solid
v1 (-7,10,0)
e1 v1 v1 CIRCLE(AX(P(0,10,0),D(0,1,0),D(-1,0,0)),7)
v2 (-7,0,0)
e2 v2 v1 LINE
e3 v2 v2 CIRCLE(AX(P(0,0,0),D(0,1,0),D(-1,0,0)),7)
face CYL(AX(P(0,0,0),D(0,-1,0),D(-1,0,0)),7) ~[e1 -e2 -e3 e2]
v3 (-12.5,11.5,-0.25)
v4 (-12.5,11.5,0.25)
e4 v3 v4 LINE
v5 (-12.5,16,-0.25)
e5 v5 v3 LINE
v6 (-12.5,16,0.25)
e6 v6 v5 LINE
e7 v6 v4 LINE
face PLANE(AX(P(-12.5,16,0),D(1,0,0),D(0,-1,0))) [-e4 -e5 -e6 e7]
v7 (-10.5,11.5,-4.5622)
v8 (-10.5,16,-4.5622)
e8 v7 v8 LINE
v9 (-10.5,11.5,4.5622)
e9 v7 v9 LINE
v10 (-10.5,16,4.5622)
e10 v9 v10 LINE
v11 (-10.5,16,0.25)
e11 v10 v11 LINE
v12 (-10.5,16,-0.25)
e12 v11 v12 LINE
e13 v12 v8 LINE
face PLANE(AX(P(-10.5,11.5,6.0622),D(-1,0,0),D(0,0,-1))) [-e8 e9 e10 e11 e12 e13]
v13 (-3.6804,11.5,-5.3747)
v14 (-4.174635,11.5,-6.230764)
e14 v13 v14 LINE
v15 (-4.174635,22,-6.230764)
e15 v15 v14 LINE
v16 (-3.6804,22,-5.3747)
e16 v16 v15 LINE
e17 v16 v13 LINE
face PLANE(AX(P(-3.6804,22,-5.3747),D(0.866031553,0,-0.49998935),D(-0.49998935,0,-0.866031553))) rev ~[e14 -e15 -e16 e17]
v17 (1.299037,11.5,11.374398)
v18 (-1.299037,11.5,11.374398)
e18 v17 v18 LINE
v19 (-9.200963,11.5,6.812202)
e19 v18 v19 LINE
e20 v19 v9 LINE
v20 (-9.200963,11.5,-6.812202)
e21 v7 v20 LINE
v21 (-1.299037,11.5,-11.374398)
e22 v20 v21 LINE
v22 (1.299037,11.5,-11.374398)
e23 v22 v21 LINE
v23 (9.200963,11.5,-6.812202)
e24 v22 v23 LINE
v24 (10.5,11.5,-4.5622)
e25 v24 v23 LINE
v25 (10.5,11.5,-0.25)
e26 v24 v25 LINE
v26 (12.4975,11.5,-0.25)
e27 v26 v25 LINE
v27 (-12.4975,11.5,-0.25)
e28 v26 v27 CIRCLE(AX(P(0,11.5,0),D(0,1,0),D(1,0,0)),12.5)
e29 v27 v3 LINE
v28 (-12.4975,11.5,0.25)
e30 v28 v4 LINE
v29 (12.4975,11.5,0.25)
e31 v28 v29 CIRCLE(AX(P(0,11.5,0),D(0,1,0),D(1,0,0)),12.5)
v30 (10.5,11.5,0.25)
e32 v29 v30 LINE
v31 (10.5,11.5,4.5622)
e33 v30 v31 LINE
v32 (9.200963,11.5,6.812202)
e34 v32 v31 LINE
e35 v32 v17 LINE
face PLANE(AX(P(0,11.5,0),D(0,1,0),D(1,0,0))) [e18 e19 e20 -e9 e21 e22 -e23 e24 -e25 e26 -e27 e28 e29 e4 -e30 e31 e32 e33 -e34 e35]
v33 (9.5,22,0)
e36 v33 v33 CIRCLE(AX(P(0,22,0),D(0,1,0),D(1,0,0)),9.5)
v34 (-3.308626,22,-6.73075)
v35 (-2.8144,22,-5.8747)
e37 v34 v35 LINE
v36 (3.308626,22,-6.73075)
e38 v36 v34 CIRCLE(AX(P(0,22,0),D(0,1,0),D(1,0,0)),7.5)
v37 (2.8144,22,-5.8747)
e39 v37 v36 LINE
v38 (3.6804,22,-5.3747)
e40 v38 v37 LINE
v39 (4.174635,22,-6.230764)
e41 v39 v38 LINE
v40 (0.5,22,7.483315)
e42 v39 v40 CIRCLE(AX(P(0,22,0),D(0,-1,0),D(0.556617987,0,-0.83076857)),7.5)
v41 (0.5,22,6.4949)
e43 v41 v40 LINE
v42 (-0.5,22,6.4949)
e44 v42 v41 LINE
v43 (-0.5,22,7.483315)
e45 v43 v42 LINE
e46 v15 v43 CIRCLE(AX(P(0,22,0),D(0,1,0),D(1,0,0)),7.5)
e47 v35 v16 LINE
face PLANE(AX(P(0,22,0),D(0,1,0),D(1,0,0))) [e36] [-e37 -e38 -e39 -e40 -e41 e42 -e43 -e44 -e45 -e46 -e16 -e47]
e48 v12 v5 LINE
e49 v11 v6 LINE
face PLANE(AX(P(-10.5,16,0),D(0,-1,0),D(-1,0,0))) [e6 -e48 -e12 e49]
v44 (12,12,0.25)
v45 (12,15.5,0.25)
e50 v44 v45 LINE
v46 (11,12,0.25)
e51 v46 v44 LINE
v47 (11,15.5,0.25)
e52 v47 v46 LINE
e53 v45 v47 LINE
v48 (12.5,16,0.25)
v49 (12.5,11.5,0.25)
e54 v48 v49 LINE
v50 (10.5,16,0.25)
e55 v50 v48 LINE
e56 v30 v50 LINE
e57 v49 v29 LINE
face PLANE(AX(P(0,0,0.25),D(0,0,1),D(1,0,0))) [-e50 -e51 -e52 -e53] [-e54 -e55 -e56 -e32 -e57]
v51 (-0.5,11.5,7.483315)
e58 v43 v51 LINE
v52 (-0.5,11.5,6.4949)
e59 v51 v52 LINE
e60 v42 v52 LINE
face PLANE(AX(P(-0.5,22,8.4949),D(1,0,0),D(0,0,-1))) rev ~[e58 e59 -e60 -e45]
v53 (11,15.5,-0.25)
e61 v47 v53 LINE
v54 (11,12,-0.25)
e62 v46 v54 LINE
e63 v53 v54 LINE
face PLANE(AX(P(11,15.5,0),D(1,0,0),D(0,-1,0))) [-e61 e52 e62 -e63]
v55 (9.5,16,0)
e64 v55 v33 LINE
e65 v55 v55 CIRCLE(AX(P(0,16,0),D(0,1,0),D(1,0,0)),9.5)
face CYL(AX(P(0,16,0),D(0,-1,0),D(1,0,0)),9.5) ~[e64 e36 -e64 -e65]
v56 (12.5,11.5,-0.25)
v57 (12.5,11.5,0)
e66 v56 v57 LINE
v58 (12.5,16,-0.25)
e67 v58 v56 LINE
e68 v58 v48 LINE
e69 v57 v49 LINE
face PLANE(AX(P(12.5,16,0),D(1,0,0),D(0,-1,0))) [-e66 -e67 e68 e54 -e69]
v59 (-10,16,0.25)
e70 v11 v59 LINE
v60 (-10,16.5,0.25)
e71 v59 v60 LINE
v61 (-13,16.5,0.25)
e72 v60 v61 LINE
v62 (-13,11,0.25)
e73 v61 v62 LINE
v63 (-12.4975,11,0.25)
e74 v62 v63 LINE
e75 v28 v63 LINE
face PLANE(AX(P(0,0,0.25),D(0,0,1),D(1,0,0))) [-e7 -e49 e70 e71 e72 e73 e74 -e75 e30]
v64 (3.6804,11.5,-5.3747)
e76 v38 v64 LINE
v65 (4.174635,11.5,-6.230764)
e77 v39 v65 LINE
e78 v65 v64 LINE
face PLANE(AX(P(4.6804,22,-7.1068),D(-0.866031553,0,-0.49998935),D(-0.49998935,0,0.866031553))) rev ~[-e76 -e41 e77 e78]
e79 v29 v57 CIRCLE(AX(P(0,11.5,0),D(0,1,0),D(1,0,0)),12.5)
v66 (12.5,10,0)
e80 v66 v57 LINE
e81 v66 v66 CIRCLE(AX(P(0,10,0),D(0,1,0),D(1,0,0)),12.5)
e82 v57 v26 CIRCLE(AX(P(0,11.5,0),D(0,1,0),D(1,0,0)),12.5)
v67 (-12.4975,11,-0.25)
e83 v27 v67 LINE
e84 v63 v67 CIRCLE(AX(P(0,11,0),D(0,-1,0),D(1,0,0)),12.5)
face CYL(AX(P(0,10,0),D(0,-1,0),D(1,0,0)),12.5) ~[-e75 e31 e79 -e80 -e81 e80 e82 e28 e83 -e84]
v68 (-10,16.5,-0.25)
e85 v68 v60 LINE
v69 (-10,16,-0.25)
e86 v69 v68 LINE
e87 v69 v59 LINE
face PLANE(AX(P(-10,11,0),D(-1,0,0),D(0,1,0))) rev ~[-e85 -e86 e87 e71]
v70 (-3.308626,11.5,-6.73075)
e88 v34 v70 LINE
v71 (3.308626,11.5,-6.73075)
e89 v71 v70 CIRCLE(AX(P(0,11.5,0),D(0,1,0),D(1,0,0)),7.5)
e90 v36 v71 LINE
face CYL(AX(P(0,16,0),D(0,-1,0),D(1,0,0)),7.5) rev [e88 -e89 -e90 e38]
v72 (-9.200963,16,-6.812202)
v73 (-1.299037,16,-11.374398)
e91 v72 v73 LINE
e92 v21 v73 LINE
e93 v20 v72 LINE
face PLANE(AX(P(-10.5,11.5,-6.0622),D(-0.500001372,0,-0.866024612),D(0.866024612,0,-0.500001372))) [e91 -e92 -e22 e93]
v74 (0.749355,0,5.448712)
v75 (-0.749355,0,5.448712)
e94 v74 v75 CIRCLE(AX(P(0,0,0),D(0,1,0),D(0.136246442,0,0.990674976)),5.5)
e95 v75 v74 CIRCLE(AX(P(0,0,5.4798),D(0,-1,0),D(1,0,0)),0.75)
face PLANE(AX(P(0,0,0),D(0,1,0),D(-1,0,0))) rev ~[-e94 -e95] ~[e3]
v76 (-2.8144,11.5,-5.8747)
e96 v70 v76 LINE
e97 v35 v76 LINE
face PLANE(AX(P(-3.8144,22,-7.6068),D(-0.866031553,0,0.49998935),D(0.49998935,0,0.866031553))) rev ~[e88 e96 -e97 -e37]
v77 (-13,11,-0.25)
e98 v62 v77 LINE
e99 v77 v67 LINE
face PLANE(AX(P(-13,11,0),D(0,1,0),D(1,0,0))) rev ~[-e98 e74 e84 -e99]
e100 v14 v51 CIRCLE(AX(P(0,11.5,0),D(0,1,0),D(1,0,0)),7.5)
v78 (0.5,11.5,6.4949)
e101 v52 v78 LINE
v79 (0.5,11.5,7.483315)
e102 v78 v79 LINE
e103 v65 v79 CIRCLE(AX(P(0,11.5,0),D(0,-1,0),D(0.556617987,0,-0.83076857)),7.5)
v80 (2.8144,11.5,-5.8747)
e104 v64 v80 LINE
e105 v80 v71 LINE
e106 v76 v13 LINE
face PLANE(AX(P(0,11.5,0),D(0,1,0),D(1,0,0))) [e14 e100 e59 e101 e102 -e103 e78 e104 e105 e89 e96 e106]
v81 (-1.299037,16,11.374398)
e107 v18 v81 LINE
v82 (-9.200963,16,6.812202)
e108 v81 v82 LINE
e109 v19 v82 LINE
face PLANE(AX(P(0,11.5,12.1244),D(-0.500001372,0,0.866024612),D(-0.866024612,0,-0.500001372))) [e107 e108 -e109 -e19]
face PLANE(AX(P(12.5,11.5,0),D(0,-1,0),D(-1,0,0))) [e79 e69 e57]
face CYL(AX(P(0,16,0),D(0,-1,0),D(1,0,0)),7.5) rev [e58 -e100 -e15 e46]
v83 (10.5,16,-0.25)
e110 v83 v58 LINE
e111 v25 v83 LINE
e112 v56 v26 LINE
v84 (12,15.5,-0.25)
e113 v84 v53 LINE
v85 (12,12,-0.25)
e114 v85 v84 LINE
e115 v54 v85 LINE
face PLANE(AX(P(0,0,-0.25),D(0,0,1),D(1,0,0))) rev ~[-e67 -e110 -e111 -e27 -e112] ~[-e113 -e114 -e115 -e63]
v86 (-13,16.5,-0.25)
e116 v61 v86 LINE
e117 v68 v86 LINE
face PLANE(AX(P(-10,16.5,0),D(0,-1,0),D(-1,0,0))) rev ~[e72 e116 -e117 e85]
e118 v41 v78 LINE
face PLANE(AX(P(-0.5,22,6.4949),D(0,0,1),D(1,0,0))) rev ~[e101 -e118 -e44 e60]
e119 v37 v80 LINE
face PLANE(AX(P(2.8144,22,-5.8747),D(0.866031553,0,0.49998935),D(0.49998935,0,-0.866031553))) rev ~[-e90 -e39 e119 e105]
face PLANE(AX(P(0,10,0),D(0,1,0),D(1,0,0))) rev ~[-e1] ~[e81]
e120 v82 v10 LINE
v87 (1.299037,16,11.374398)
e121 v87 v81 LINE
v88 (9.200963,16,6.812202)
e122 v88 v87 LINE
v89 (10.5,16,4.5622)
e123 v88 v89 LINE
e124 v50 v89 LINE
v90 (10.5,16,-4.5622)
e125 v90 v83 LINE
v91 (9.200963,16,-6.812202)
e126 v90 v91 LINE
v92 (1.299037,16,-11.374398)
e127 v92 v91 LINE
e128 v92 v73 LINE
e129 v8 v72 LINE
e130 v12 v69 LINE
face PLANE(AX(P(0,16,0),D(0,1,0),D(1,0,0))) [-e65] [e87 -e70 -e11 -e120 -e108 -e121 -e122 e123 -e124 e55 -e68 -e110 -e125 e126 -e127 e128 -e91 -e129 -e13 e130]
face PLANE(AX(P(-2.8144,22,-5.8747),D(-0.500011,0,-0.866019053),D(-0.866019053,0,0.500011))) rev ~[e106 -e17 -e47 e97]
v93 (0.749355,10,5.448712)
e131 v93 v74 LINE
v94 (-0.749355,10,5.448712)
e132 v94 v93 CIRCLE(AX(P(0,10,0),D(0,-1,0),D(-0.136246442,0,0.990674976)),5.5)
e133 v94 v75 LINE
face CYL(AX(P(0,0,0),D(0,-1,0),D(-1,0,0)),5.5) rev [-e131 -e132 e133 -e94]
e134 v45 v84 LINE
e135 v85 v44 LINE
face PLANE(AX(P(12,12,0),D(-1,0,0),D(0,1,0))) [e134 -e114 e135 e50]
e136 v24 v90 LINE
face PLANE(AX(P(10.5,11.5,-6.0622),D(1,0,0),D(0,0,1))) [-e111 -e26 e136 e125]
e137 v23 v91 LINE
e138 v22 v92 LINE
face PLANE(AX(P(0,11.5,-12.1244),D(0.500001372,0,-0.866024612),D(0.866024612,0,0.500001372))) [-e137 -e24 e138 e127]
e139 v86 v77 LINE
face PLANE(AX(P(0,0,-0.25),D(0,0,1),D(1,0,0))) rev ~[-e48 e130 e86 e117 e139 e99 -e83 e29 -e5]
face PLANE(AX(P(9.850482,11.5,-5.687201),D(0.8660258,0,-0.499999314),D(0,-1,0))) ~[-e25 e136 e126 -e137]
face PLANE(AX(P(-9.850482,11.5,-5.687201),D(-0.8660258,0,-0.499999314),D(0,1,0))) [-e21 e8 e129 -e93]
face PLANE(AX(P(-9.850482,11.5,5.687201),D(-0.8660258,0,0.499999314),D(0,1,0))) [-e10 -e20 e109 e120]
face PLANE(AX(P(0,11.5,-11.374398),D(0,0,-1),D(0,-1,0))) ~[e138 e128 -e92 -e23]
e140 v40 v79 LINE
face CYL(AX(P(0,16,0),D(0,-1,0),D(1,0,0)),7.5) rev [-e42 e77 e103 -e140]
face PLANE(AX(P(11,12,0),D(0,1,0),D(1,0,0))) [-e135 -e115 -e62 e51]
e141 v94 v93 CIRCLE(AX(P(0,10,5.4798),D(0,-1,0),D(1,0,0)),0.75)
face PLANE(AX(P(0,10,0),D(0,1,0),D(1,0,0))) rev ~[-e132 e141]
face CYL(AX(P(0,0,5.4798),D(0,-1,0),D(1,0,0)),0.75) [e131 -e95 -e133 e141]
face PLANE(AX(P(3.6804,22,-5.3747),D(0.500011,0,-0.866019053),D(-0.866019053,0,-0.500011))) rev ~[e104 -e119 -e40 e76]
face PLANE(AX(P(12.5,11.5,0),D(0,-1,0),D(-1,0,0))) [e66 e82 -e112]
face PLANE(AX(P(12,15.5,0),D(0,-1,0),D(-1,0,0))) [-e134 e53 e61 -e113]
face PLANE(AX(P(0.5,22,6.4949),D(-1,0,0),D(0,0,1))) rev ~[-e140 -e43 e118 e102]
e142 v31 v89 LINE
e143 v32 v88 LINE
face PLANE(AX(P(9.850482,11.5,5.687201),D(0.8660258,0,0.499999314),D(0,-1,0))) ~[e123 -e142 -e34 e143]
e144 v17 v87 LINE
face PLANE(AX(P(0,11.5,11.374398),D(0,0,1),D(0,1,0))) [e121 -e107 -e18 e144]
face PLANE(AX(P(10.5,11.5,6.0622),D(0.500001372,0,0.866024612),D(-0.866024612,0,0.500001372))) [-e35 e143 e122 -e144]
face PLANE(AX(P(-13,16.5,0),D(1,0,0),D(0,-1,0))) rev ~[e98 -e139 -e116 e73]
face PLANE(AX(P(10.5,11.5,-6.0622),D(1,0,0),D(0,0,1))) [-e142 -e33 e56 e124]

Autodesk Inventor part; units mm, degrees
ref_plane "YZ Plane" through (0, 0, 0) normal (1, 0, 0) x (0, 1, 0)
ref_plane "XZ Plane" through (0, 0, 0) normal (0, 1, 0) x (-1, 0, 0)
ref_plane "XY Plane" through (0, 0, 0) normal (0, 0, 1) x (1, 0, 0)
sketch "Sketch1" plane through (0, 0, 0) normal (0, 1, 0) x (-1, 0, 0)
  circle A0 centre (0, 0) radius 5.5
  circle A1 centre (0, 0) radius 7
  dimension "d0" = 11
  dimension "d1" = 14
extrude "Extrusion1" add sketch "Sketch1" along normal blind 10
thread "Thread1" size "M14x1" class "6g" standard "ANSI Metric M Profile" full length
sketch "Sketch2" plane through (0, 0, 0) normal (0, -1, 0) x (1, 0, 0)
  circle A0 centre (0, 5.4798) radius 0.75
  point P0 (0, 0)
  dimension "d6" = 1.5
extrude "Extrusion2" add sketch "Sketch2" against normal blind 10
sketch "Sketch3" plane through (0, 10, 0) normal (0, 1, 0) x (1, 0, 0)
  circle A0 centre (0, 0) radius 5.5
  circle A1 centre (0, 0) radius 12.5
  dimension "d9" = 11
  dimension "d10" = 25
extrude "Extrusion3" add sketch "Sketch3" along normal blind 1.5 contours A0 | A1
sketch "Sketch4" plane through (0, 11.5, 0) normal (0, 1, 0) x (1, 0, 0)
  line L0 (10.5, -6.0622) -> (0, -12.1244)
  line L1 (0, -12.1244) -> (-10.5, -6.0622)
  line L2 (-10.5, -6.0622) -> (-10.5, 6.0622)
  line L3 (-10.5, 6.0622) -> (0, 12.1244)
  line L4 (0, 12.1244) -> (10.5, 6.0622)
  line L5 (10.5, 6.0622) -> (10.5, -6.0622)
  circle A0 centre (0, 0) radius 7.5
  dimension "d14" = 15
extrude "Extrusion4" add sketch "Sketch4" along normal blind 4.5
sketch "Sketch5" plane through (0, 16, 0) normal (0, 1, 0) x (1, 0, 0)
  circle A0 centre (0, 0) radius 7.5
  circle A1 centre (0, 0) radius 9.5
  dimension "d17" = 15
  dimension "d18" = 19
extrude "Extrusion5" add sketch "Sketch5" along normal blind 6
thread "Thread2" size "M20x1.5" class "6g" standard "ANSI Metric M Profile" full length
sketch "Sketch6" plane through (0, 22, 0) normal (0, 1, 0) x (1, 0, 0)
  line L0 (0.5, -8.4949) -> (-0.5, -8.4949)
  line L1 (-0.5, -8.4949) -> (-0.5, -6.4949)
  line L2 (-0.5, -6.4949) -> (0.5, -6.4949)
  line L3 (0.5, -6.4949) -> (0.5, -8.4949)
  line L4 (0.5, -8.4949) -> (-0.5, -6.4949) construction
  line L5 (-0.5, -8.4949) -> (0.5, -6.4949) construction
  line L6 (3.8144, 7.6068) -> (4.6804, 7.1068)
  line L7 (4.6804, 7.1068) -> (3.6804, 5.3747)
  line L8 (3.6804, 5.3747) -> (2.8144, 5.8747)
  line L9 (2.8144, 5.8747) -> (3.8144, 7.6068)
  line L10 (3.8144, 7.6068) -> (3.6804, 5.3747) construction
  line L11 (4.6804, 7.1068) -> (2.8144, 5.8747) construction
  line L12 (-4.6804, 7.1068) -> (-3.8144, 7.6068)
  line L13 (-3.8144, 7.6068) -> (-2.8144, 5.8747)
  line L14 (-2.8144, 5.8747) -> (-3.6804, 5.3747)
  line L15 (-3.6804, 5.3747) -> (-4.6804, 7.1068)
  line L16 (-4.6804, 7.1068) -> (-2.8144, 5.8747) construction
  line L17 (-3.8144, 7.6068) -> (-3.6804, 5.3747) construction
  point P0 (0, 0)
  point P1 (0, -7.4949)
  point P2 (0, 0)
  point P3 (3.7474, 6.4907)
  point P4 (-3.7474, 6.4907)
  dimension "d23" = 1
  dimension "d24" = 2
  dimension "d27" = 150
  dimension "d31" = 210
extrude "Extrusion6" add sketch "Sketch6" against normal blind 10.5
chamfer "Chamfer1" distance 1.5 angle 45 6 edges at (-10.5, 13.75, 6.0622) (-10.5, 13.75, -6.0622) (0, 13.75, 12.1244) (10.5, 13.75, 6.0622) (10.5, 13.75, -6.0622) (0, 13.75, -12.1244)
sketch "Sketch8" plane through (0, 0, 0) normal (0, 0, 1) x (1, 0, 0)
  line L0 (10.5, 16) -> (9.201, 16) projected
  line L1 (12.5, 11.5) -> (-12.5, 11.5) projected
  line L2 (10.5, 16) -> (12.5, 16)
  line L3 (12.5, 16) -> (12.5, 11.5)
  line L4 (12.5, 11.5) -> (10.5, 11.5)
  line L5 (10.5, 11.5) -> (10.5, 16)
  line L6 (-10.5, 16) -> (-10.5, 11.5) projected
  line L7 (-12.5, 11.5) -> (-10.5, 11.5)
  line L8 (-10.5, 11.5) -> (-10.5, 16)
  line L9 (-10.5, 16) -> (-12.5, 16)
  line L10 (-12.5, 16) -> (-12.5, 11.5)
  line L11 (-13, 11) -> (-10, 11)
  line L12 (-10, 11) -> (-10, 16.5)
  line L13 (-10, 16.5) -> (-13, 16.5)
  line L14 (-13, 16.5) -> (-13, 11)
  line L15 (12, 12) -> (12, 15.5)
  line L16 (12, 15.5) -> (11, 15.5)
  line L17 (11, 15.5) -> (11, 12)
  line L18 (11, 12) -> (12, 12)
  dimension "d43" = 0.5
  dimension "d44" = 0.5
extrude "Extrusion8" add sketch "Sketch8" along normal mid plane 0.5
properties part number "nut"
